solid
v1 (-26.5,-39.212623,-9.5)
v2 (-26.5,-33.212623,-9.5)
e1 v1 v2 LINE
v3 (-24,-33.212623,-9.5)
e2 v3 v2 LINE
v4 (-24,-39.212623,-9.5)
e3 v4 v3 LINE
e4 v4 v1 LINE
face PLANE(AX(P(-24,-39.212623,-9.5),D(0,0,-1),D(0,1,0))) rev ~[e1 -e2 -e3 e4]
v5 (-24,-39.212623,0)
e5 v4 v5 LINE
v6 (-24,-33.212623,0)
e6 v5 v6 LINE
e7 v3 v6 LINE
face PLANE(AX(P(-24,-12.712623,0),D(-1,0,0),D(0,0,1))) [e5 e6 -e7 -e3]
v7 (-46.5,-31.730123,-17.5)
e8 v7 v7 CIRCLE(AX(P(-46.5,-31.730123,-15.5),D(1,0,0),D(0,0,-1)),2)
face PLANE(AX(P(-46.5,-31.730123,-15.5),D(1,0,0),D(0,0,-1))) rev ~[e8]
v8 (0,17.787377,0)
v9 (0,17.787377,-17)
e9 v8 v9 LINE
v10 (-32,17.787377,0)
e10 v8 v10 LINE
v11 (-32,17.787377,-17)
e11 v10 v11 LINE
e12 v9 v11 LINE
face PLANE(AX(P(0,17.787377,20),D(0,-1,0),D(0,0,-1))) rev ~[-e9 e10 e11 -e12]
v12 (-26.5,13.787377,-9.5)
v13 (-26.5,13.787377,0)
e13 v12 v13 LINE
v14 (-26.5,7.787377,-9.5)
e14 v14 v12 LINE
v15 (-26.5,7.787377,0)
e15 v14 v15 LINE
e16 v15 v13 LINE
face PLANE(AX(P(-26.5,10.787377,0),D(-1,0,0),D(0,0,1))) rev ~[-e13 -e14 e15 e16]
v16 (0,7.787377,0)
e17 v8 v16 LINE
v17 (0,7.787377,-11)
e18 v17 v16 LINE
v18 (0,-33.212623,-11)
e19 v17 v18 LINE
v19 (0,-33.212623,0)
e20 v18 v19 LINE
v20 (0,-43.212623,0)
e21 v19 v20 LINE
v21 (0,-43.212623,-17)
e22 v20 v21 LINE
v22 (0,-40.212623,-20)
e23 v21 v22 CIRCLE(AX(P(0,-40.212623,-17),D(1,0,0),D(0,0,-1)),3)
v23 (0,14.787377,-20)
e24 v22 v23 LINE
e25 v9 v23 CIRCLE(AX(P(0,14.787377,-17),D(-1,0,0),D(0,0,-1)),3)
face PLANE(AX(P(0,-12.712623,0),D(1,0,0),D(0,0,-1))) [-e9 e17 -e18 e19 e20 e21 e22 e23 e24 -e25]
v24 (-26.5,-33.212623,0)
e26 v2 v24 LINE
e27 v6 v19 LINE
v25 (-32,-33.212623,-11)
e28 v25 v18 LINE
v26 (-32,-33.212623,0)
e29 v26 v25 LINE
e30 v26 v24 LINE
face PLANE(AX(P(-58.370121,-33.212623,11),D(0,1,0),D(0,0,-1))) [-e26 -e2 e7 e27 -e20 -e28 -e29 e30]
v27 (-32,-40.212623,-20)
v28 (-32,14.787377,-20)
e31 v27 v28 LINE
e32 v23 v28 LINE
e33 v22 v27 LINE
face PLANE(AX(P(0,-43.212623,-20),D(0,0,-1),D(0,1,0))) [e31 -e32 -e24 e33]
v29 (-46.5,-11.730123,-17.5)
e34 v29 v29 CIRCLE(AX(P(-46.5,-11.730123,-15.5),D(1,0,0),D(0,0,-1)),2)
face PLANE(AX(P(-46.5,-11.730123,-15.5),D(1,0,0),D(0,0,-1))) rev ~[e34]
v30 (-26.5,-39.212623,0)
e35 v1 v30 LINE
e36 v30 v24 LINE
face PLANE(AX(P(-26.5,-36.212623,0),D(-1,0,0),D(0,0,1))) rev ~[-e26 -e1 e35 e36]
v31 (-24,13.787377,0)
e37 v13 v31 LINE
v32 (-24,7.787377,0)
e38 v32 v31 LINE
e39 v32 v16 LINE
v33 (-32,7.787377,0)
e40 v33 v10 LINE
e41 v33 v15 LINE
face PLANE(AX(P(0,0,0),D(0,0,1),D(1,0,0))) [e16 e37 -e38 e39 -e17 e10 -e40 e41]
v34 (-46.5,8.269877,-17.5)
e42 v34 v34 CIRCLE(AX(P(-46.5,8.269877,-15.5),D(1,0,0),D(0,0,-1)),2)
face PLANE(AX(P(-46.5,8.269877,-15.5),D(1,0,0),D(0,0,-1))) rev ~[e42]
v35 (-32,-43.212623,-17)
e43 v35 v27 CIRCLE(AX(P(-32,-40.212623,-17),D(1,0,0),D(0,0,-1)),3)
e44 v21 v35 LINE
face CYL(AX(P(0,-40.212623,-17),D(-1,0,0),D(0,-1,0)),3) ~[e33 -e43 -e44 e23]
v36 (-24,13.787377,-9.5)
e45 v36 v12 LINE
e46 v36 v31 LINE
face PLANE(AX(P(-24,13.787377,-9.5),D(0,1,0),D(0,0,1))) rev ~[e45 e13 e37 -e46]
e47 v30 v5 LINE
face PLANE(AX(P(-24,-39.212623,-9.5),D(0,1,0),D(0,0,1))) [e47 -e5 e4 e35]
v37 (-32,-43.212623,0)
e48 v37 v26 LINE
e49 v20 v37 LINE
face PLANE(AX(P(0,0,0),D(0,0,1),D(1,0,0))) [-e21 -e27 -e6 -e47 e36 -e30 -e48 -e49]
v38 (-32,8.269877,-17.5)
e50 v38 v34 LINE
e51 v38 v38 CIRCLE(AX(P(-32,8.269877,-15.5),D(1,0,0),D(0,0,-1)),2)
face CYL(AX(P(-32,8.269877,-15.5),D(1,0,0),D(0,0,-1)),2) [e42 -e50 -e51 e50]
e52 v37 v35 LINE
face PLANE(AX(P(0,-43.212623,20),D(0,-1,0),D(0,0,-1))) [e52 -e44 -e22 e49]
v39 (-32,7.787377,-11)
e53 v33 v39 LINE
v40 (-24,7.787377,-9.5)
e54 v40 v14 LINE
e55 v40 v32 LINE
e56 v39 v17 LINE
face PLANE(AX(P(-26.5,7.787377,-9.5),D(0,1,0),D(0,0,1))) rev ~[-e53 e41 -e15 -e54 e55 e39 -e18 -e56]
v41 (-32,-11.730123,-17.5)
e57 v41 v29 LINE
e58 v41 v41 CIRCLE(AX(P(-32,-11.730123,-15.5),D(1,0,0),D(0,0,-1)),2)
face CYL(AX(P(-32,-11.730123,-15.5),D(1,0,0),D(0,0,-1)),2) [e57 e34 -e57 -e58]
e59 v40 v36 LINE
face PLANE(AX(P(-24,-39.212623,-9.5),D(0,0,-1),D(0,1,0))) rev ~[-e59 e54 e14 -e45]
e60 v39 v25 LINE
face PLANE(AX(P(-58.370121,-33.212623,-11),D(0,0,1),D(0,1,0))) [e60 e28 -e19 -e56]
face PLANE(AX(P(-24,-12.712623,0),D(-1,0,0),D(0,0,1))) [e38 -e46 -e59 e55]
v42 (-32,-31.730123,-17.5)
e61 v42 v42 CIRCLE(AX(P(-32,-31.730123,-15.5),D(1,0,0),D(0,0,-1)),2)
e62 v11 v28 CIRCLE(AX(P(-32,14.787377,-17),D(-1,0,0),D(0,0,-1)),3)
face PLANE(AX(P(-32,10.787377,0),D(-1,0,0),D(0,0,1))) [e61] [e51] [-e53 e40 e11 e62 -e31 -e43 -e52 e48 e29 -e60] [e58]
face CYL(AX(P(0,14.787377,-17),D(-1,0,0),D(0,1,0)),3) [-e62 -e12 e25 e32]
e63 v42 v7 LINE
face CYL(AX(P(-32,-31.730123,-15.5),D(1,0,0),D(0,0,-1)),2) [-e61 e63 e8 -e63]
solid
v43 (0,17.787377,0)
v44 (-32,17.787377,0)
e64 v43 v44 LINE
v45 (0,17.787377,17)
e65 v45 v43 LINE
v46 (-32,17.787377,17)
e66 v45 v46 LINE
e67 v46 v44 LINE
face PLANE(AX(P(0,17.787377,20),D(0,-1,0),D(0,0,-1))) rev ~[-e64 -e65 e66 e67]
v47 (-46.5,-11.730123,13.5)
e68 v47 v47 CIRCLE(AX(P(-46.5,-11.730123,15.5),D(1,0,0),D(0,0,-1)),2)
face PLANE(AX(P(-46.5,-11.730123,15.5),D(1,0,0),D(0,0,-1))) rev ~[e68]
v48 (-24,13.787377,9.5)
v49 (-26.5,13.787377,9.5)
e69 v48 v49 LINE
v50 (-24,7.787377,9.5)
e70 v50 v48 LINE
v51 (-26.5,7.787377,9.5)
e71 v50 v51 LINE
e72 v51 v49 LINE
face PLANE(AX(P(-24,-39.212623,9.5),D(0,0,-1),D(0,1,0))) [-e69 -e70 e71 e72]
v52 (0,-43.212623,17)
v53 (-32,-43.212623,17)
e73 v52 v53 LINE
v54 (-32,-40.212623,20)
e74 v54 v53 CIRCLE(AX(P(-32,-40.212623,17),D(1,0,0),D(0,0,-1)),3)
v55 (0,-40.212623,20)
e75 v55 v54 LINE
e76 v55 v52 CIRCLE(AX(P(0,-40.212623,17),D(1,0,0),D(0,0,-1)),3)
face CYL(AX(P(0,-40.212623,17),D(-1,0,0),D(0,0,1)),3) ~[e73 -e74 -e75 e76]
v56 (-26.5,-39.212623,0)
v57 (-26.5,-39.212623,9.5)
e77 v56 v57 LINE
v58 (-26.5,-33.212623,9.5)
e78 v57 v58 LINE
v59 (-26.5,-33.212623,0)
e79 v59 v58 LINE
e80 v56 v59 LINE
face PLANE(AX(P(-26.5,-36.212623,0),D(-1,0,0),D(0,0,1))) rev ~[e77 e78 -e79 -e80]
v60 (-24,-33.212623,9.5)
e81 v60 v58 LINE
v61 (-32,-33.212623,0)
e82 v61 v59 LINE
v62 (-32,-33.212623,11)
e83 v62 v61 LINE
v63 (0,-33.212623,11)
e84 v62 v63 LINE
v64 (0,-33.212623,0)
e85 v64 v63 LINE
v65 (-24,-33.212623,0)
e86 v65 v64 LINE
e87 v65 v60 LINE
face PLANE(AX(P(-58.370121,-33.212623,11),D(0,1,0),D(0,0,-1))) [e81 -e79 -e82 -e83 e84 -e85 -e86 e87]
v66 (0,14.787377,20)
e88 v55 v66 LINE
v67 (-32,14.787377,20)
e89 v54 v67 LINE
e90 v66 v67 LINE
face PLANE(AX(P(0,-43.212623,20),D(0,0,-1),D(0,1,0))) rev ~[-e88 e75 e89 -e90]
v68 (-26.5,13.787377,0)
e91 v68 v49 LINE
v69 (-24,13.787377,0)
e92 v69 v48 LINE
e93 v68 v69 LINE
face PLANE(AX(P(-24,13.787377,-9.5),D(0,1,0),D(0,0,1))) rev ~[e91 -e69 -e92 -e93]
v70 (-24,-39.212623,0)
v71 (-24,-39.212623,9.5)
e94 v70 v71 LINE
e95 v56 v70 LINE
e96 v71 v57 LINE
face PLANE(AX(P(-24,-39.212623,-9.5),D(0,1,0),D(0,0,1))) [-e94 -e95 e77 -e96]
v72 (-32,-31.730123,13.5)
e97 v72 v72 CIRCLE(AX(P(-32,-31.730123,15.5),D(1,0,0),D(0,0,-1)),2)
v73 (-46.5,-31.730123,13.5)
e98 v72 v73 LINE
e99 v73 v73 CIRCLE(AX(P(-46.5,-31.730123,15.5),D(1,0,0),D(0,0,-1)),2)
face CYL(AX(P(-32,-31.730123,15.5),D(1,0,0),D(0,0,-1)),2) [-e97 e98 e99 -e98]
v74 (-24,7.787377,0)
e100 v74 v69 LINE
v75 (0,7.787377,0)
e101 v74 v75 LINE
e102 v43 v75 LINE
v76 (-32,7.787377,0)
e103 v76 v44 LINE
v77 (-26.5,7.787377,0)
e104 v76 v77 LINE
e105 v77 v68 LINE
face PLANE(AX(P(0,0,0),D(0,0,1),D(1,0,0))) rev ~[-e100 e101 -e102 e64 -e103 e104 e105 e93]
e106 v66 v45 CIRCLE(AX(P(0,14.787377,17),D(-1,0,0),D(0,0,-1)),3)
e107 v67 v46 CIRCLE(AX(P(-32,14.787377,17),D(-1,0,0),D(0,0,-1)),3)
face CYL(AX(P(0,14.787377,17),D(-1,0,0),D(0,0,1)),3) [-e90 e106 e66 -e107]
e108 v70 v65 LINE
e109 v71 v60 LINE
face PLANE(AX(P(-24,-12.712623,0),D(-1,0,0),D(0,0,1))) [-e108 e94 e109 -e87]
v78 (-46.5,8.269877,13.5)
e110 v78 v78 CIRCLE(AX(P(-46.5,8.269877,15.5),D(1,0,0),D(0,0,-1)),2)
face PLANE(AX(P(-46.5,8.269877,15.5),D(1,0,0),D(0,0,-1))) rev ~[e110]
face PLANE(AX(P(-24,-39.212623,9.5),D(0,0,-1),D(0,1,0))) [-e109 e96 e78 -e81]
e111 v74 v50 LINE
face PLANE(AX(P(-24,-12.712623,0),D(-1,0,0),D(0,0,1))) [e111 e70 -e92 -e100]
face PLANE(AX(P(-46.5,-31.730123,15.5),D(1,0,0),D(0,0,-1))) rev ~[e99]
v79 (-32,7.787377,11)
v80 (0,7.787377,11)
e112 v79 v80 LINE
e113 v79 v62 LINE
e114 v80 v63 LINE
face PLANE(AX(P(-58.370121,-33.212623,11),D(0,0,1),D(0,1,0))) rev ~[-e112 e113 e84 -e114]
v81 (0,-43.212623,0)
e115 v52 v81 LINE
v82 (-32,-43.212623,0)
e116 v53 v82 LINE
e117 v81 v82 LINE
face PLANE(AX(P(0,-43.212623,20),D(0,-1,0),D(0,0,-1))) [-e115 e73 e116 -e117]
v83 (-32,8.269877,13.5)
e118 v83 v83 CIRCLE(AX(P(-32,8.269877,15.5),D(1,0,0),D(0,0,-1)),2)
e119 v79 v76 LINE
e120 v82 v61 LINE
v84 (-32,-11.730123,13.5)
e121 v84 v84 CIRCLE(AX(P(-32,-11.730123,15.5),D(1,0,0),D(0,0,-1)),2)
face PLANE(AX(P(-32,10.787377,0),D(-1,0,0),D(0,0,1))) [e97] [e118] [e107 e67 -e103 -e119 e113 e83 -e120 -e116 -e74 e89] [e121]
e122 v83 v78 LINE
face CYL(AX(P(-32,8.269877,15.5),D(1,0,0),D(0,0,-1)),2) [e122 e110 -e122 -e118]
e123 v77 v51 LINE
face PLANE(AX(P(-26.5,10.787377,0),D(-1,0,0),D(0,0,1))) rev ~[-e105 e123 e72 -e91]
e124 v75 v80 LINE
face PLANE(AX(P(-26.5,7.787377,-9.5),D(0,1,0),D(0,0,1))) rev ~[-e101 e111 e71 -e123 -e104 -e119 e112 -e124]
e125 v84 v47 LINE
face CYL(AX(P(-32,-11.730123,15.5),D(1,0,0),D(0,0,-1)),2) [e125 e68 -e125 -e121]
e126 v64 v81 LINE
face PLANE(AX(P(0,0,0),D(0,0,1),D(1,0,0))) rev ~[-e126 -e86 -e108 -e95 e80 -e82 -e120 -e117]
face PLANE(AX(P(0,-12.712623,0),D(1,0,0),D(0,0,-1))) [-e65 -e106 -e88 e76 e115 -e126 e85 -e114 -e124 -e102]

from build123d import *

# Parameters (mm, degrees)
CROQUIS2_W                 = 40
CROQUIS2_H                 = 61
SALIENTE_EXTRUIR1_DEPTH    = 32
CORTAR_EXTRUIR1_DEPTH      = 58.370121173
CORTAR_EXTRUIR1_DEPTH_BACK = 58.370121173
CROQUIS4_W                 = 22
CROQUIS4_H                 = 41
CORTAR_EXTRUIR2_DEPTH      = 58.370121173
CORTAR_EXTRUIR2_DEPTH_BACK = 8
CROQUIS5_W                 = 19
CROQUIS5_H                 = 53
SALIENTE_EXTRUIR2_START    = 2.5
CROQUIS7_W                 = 19
CROQUIS7_H                 = 6
SALIENTE_EXTRUIR2_DEPTH    = 5.5
CROQUIS9_R                 = 2
SALIENTE_EXTRUIR3_DEPTH    = 14.5
REDONDEO1_R                = 3


with BuildPart() as part:
    # Croquis2 → Saliente-Extruir1 (new body)
    with BuildSketch(Plane(origin=(0, 0, 0), x_dir=(0, 0, -1), z_dir=(1, 0, 0))):
        with Locations((0, -12.712623195)):
            Rectangle(CROQUIS2_W, CROQUIS2_H)
    extrude(amount=-SALIENTE_EXTRUIR1_DEPTH)

    # Croquis4 → Cortar-Extruir1 (cut, two sides: drawn at the far end of the back side and taken through both)
    with BuildSketch(Plane(origin=(0, 0, 0), x_dir=(0, 0, -1), z_dir=(1, 0, 0)).offset(-CORTAR_EXTRUIR1_DEPTH_BACK)):
        with Locations((0, -12.712623195)):
            Rectangle(CROQUIS4_W, CROQUIS4_H)
    extrude(amount=CORTAR_EXTRUIR1_DEPTH + CORTAR_EXTRUIR1_DEPTH_BACK, mode=Mode.SUBTRACT)

    # Croquis5 → Cortar-Extruir2 (cut, two sides: drawn at the far end of the back side and taken through both)
    with BuildSketch(Plane.ZY.offset(32).offset(-CORTAR_EXTRUIR2_DEPTH_BACK)):
        with Locations((0, -12.712623195)):
            Rectangle(CROQUIS5_W, CROQUIS5_H)
    extrude(amount=CORTAR_EXTRUIR2_DEPTH + CORTAR_EXTRUIR2_DEPTH_BACK, mode=Mode.SUBTRACT)

    # Croquis7 → Saliente-Extruir2 (add)
    with BuildSketch(Plane.ZY.offset(24).offset(SALIENTE_EXTRUIR2_START)):
        with Locations((0, 10.787376805)):
            Rectangle(CROQUIS7_W, CROQUIS7_H)
        with Locations((0, -36.212623195)):
            Rectangle(CROQUIS7_W, CROQUIS7_H)
    extrude(amount=SALIENTE_EXTRUIR2_DEPTH)

    # Croquis9 → Saliente-Extruir3 (add)
    with BuildSketch(Plane(origin=(-32, 0, 0), x_dir=(0, 0, -1), z_dir=(1, 0, 0))):
        with Locations((-15.5, 8.269876805)):
            Circle(CROQUIS9_R)
        with Locations((-15.5, -31.730123195)):
            Circle(CROQUIS9_R)
        with Locations((-15.5, -11.730123195)):
            Circle(CROQUIS9_R)
        with Locations((15.5, -31.730123195)):
            Circle(CROQUIS9_R)
        with Locations((15.5, -11.730123195)):
            Circle(CROQUIS9_R)
        with Locations((15.5, 8.269876805)):
            Circle(CROQUIS9_R)
    extrude(amount=-SALIENTE_EXTRUIR3_DEPTH)

    # Redondeo1
    redondeo1_edges = [part.edges().sort_by_distance(p)[0] for p in [
        (-16, -43.212623195, -20),
        (-16, -43.212623195, 20),
        (-16, 17.787376805, 20),
        (-16, 17.787376805, -20),
    ]]
    fillet(redondeo1_edges, radius=REDONDEO1_R)


with BuildPart() as body_2:
    # Partir1: the piece on the far side of the plane
    add(part.part)
    split(bisect_by=Plane.XY, keep=Keep.BOTTOM)


with BuildPart() as part_1:
    add(part.part)

    # Partir1
    split(bisect_by=Plane.XY, keep=Keep.TOP)


solid = Compound([body_2.part, part_1.part])
